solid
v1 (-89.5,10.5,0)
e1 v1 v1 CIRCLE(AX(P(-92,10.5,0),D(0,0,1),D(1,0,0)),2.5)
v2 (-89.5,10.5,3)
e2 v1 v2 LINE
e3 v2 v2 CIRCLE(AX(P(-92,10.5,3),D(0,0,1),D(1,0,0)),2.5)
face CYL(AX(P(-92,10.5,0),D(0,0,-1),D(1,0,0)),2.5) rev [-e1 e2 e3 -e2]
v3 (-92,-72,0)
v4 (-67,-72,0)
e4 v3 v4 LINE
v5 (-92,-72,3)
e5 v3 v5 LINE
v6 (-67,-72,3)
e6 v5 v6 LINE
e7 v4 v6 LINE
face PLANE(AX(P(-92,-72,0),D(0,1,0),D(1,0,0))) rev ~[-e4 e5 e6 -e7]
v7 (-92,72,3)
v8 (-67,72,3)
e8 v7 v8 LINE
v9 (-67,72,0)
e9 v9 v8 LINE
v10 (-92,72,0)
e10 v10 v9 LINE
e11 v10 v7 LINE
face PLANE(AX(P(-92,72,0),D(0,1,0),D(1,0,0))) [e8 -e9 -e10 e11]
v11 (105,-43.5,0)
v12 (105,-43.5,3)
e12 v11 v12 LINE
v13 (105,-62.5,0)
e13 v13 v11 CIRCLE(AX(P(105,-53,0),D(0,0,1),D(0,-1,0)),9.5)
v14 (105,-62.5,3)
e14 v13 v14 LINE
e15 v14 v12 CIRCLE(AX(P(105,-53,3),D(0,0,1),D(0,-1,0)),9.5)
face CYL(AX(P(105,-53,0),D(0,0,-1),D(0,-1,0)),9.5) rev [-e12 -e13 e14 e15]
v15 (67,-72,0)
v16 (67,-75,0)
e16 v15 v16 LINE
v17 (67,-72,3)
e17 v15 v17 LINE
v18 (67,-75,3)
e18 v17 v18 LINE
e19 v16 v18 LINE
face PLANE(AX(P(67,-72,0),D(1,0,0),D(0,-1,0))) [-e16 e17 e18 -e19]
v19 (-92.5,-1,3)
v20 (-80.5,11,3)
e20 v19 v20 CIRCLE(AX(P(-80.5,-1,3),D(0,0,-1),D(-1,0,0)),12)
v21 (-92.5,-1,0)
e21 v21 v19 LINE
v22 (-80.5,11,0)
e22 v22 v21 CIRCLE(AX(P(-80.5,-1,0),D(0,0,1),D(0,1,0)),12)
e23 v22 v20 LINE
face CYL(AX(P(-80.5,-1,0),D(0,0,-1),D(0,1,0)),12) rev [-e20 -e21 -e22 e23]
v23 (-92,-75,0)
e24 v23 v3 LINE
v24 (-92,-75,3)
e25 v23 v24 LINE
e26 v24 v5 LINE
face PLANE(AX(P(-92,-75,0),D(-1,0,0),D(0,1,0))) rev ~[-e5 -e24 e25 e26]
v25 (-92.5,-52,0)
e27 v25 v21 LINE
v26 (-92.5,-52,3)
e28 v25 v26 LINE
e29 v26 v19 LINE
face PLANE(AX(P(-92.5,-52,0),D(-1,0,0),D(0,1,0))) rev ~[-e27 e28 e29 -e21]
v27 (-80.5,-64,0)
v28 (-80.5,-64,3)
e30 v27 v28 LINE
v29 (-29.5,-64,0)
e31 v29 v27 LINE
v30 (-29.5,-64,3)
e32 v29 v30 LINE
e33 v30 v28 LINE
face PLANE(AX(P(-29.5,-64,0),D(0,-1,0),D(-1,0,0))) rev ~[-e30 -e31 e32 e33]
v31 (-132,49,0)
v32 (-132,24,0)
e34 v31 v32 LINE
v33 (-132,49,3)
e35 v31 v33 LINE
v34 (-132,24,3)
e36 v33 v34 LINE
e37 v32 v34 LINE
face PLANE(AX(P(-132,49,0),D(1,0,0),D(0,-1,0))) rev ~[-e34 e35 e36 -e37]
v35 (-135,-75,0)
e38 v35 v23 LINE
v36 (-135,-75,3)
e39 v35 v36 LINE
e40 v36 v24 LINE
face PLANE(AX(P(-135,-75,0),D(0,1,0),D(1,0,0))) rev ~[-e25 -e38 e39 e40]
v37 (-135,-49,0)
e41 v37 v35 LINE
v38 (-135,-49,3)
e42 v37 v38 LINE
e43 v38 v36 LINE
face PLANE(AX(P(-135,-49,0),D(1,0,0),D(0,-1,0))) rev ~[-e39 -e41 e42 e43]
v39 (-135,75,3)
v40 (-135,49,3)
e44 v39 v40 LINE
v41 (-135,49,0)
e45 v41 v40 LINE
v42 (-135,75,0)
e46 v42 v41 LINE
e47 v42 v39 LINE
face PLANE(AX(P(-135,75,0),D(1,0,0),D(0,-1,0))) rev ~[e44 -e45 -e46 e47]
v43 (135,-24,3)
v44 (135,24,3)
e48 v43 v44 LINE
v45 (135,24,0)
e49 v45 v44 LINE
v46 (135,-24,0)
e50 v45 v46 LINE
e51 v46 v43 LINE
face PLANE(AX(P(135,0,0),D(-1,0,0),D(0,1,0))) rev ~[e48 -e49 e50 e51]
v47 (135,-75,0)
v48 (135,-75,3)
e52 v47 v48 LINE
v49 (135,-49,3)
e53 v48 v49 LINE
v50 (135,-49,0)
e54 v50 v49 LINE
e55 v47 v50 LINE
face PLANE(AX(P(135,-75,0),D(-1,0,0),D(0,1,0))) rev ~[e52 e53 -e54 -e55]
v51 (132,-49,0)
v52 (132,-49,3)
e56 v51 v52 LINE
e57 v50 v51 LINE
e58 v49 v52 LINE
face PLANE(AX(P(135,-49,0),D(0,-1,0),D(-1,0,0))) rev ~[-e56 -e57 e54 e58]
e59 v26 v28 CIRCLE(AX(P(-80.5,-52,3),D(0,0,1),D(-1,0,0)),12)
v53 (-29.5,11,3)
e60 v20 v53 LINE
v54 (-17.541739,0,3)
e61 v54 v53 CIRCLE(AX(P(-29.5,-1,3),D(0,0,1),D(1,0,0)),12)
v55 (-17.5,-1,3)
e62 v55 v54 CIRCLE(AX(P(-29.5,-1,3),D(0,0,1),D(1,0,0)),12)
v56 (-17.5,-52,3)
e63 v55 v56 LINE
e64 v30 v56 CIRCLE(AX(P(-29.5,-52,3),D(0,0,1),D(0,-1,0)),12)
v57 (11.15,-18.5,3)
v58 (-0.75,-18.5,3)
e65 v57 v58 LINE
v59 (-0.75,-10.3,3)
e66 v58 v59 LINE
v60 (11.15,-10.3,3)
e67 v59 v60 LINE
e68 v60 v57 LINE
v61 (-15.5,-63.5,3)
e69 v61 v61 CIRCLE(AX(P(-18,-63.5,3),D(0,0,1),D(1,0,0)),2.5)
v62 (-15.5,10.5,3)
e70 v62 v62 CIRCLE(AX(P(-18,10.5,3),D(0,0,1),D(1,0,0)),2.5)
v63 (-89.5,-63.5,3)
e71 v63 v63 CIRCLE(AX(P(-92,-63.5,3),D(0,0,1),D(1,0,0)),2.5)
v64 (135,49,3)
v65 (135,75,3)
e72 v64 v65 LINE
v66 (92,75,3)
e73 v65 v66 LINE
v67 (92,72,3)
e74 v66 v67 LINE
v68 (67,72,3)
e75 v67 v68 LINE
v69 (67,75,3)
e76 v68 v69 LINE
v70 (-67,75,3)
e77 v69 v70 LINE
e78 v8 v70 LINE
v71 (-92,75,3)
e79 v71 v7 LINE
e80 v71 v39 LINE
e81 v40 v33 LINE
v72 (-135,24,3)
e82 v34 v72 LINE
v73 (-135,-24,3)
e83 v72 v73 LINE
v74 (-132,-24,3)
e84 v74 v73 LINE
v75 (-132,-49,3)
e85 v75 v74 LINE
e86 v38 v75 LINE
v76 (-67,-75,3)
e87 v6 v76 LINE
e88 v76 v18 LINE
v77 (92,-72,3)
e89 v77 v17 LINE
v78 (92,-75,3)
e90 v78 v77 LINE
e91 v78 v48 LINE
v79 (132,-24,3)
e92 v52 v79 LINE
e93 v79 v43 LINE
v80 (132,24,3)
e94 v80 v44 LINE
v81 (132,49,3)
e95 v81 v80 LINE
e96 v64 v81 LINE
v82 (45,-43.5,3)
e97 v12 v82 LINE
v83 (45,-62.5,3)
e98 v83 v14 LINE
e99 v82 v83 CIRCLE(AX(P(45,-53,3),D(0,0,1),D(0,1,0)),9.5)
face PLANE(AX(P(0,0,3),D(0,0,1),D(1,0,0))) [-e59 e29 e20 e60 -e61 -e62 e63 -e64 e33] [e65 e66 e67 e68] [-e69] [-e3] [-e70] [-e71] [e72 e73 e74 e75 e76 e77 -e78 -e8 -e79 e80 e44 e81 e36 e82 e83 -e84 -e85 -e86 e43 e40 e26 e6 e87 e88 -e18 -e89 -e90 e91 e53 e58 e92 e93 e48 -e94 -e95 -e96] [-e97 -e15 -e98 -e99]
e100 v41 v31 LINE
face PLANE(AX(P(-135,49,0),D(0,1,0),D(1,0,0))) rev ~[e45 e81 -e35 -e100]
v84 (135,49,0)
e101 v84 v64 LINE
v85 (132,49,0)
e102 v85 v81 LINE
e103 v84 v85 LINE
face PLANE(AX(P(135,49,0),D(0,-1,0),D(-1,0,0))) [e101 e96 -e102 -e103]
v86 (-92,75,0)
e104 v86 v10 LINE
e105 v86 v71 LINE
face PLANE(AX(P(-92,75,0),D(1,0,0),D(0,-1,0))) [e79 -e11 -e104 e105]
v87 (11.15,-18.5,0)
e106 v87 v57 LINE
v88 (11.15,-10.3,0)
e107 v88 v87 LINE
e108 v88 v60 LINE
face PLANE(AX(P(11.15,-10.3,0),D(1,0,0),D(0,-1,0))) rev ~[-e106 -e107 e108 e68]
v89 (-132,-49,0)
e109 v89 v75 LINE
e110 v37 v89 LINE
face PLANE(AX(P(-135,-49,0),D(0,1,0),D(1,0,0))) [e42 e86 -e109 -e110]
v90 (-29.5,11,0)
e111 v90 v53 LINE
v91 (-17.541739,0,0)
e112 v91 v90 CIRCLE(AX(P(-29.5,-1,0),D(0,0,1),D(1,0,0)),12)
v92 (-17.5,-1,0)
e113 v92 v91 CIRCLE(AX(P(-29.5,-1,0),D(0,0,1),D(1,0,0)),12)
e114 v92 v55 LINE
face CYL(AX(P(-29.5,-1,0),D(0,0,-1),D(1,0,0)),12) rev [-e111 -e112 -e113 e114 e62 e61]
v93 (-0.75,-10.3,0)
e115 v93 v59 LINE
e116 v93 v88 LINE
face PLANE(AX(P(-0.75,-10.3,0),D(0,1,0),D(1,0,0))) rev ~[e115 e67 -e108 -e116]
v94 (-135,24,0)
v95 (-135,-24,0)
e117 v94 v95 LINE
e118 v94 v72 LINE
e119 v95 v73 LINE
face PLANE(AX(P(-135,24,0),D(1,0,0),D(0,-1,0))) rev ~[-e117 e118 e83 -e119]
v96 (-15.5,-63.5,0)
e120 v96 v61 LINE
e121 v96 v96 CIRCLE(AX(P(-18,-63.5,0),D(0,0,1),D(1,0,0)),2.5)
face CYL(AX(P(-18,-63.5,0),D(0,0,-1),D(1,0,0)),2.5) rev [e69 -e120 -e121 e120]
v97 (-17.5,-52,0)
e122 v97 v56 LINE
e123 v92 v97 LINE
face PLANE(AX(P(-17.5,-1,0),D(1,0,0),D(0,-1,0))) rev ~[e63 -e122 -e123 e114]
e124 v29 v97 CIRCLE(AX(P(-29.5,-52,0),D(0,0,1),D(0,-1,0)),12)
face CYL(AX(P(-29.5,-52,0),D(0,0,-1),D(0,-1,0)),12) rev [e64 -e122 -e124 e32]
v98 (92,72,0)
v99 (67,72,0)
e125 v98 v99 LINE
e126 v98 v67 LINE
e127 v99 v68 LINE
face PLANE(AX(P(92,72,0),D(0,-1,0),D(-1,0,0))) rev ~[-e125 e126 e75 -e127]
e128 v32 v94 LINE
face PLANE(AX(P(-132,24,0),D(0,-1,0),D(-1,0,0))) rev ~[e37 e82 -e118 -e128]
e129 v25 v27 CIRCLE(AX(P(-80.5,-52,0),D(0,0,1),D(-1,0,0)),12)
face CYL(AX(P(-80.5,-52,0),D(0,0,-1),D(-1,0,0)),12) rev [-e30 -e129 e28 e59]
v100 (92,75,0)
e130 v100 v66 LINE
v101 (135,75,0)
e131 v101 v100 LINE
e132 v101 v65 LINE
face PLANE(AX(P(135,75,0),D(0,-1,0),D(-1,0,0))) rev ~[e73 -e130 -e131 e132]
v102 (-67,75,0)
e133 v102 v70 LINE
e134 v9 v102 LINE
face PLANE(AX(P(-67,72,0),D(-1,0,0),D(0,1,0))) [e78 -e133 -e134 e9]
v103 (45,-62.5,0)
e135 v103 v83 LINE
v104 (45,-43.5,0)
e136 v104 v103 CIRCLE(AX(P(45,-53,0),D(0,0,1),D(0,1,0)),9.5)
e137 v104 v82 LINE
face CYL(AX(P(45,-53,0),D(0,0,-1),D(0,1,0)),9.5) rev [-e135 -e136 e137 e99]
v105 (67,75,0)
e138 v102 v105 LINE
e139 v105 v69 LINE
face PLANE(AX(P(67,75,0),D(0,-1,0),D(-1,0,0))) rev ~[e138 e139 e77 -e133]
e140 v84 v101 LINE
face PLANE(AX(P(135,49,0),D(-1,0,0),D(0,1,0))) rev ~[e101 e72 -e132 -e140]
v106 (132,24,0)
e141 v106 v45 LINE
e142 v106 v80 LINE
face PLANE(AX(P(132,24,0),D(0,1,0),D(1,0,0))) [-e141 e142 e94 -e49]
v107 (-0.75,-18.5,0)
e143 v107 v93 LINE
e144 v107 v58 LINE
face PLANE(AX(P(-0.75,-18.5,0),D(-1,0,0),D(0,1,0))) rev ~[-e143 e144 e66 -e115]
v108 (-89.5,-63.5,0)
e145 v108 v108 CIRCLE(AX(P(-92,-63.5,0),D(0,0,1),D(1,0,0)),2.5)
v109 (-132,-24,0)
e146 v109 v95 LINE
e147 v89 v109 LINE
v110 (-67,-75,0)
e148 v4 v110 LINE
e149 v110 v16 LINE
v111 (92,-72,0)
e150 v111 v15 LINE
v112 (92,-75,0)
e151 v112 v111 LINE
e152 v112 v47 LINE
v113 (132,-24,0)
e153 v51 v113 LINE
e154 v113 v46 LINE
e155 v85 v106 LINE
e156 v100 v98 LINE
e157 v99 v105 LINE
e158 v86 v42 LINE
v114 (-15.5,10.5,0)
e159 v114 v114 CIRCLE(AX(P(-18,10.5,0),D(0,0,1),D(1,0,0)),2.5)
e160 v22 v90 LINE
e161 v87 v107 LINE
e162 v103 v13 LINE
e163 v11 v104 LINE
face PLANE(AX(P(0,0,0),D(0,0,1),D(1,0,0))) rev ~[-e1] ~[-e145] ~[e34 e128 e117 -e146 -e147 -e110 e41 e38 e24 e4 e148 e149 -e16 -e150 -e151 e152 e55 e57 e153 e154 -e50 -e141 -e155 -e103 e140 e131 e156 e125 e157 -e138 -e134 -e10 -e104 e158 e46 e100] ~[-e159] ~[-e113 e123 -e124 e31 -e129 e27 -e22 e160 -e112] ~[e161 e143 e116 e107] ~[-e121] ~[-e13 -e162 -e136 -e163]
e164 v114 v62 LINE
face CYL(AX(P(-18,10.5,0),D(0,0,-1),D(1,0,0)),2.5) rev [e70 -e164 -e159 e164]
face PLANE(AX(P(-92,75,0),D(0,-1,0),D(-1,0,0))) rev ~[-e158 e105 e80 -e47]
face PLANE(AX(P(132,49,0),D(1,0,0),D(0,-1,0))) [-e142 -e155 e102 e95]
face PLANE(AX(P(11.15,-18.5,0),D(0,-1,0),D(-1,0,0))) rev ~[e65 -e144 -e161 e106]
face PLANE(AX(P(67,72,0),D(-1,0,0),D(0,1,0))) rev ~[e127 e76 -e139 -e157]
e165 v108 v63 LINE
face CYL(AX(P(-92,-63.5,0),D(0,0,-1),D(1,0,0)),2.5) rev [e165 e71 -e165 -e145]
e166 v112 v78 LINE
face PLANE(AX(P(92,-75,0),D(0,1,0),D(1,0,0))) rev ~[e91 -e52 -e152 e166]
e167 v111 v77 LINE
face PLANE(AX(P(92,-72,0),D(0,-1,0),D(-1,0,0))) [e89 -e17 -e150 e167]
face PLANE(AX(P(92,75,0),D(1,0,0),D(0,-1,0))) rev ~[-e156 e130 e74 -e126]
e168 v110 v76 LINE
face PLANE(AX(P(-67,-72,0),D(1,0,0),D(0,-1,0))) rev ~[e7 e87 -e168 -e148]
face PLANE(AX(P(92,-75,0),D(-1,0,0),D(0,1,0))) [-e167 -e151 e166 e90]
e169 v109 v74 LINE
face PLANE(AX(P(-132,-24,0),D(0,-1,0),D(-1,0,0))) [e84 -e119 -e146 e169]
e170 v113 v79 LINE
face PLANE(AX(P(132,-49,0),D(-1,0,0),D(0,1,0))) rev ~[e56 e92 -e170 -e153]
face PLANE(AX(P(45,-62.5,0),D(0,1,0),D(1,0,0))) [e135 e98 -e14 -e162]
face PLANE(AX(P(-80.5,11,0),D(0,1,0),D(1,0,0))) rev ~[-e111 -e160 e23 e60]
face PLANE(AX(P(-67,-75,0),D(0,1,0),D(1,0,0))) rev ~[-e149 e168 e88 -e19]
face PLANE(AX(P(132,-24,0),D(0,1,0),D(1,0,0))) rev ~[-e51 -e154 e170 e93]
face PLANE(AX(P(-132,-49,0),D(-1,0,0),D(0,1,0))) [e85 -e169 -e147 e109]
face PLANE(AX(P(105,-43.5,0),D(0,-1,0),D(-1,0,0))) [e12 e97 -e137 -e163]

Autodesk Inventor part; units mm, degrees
ref_plane "YZ Plane" through (0, 0, 0) normal (1, 0, 0) x (0, 1, 0)
ref_plane "XZ Plane" through (0, 0, 0) normal (0, 1, 0) x (-1, 0, 0)
ref_plane "XY Plane" through (0, 0, 0) normal (0, 0, 1) x (1, 0, 0)
sketch "Sketch1" plane through (0, 0, 0) normal (0, 0, 1) x (1, 0, 0)
  line L0 (135, 75) -> (-135, 75)
  line L1 (-135, -75) -> (135, 75) construction
  line L2 (135, -75) -> (-135, 75) construction
  line L3 (-80.5, 11) -> (-29.5, 11)
  line L4 (-17.5, -1) -> (-17.5, -52)
  line L5 (-29.5, -64) -> (-80.5, -64)
  line L6 (-92.5, -52) -> (-92.5, -1)
  line L7 (-92.5, 11) -> (-17.5, -64) construction
  line L8 (-17.5, 11) -> (-92.5, -64) construction
  line L9 (45, -53) -> (105, -53) construction
  line L10 (45, -62.5) -> (105, -62.5)
  line L11 (105, -43.5) -> (45, -43.5)
  arc A0 (45, -43.5) -> (45, -62.5) centre (45, -53) ccw
  arc A1 (105, -62.5) -> (105, -43.5) centre (105, -53) ccw
  line L12 (135, -49) -> (132, -49)
  line L13 (132, -49) -> (132, -24)
  line L14 (132, -24) -> (135, -24)
  line L15 (0, 0) -> (156, 0) construction
  line L16 (135, 49) -> (132, 49)
  line L17 (132, 49) -> (132, 24)
  line L18 (132, 24) -> (135, 24)
  line L19 (135, 49) -> (135, 75)
  line L20 (135, -75) -> (135, -49)
  line L21 (135, -24) -> (135, 24)
  line L22 (-135, 49) -> (-132, 49)
  line L23 (-132, 49) -> (-132, 24)
  line L24 (-132, 24) -> (-135, 24)
  line L25 (0, 0) -> (-98, 0)
  line L26 (-135, 75) -> (-135, 49)
  line L27 (-135, -49) -> (-132, -49)
  line L28 (-132, -49) -> (-132, -24)
  line L29 (-132, -24) -> (-135, -24)
  line L30 (-135, 24) -> (-135, -24)
  line L31 (-135, -49) -> (-135, -75)
  line L32 (-92, -75) -> (-92, -72)
  line L33 (-92, -72) -> (-67, -72)
  line L34 (-67, -72) -> (-67, -75)
  line L35 (-135, -75) -> (-92, -75)
  line L36 (0, 0) -> (0, 97)
  line L37 (92, -75) -> (92, -72)
  line L38 (92, -72) -> (67, -72)
  line L39 (67, -72) -> (67, -75)
  line L40 (-67, -75) -> (67, -75)
  line L41 (92, -75) -> (135, -75)
  line L42 (-95, 13.5) -> (-15, 13.5) construction
  line L43 (-15, 13.5) -> (-15, -66.5) construction
  line L44 (-15, -66.5) -> (-95, -66.5) construction
  line L45 (-95, -66.5) -> (-95, 13.5) construction
  line L46 (-95, 13.5) -> (-15, -66.5) construction
  line L47 (-15, 13.5) -> (-95, -66.5) construction
  circle A2 centre (-92, 10.5) radius 2.5
  arc A3 (-80.5, 11) -> (-92.5, -1) centre (-80.5, -1) ccw
  arc A4 (-17.5, -1) -> (-29.5, 11) centre (-29.5, -1) ccw
  arc A5 (-29.5, -64) -> (-17.5, -52) centre (-29.5, -52) ccw
  arc A6 (-92.5, -52) -> (-80.5, -64) centre (-80.5, -52) ccw
  circle A7 centre (-18, 10.5) radius 2.5
  circle A8 centre (-92, -63.5) radius 2.5
  circle A9 centre (-18, -63.5) radius 2.5
  line L48 (-0.75, -10.3) -> (11.15, -10.3)
  line L49 (11.15, -10.3) -> (11.15, -18.5)
  line L50 (11.15, -18.5) -> (-0.75, -18.5)
  line L51 (-0.75, -18.5) -> (-0.75, -10.3)
  line L52 (-0.75, -10.3) -> (11.15, -18.5) construction
  line L53 (11.15, -10.3) -> (-0.75, -18.5) construction
  line L54 (0, 0) -> (187, 0)
  line L55 (-92, 75) -> (-92, 72)
  line L56 (-92, 72) -> (-67, 72)
  line L57 (-67, 72) -> (-67, 75)
  line L58 (92, 75) -> (92, 72)
  line L59 (92, 72) -> (67, 72)
  line L60 (67, 72) -> (67, 75)
  point P0 (-55, -26.5)
  point P1 (25, -75)
  point P2 (75, -53)
  point P3 (5.2, -14.4)
  dimension "d0" = 150
  dimension "d1" = 270
  dimension "d2" = 75
  dimension "d3" = 75
  dimension "d4" = 55
  dimension "d5" = 11
  dimension "d6" = 22
  dimension "d7" = 210
  dimension "d8" = 9.5
  dimension "d9" = 20
  dimension "d12" = 26
  dimension "d13" = 3
  dimension "d14" = 25
  dimension "d15" = 0
  dimension "d16" = 21
  dimension "d17" = 3
  dimension "d18" = 25
  dimension "d19" = 26
  dimension "d20" = 270
  dimension "d21" = 233
  dimension "d22" = 25
  dimension "d23" = 3
  dimension "d24" = 43
  dimension "d25" = 30
  dimension "d26" = 124
  dimension "d27" = 48
  dimension "d28" = 80
  dimension "d29" = 5
  dimension "d30" = 3
  dimension "d31" = 12
  dimension "d32" = 12
  dimension "d33" = 12
  dimension "d34" = 5
  dimension "d35" = 3
  dimension "d36" = 3
  dimension "d37" = 5
  dimension "d38" = 3
  dimension "d39" = 3
  dimension "d40" = 5
  dimension "d41" = 3
  dimension "d42" = 11.9
  dimension "d43" = 8.2
  dimension "d44" = 14.4
  dimension "d45" = 5.2
extrude "Extrusion1" add sketch "Sketch1" along normal blind 3 contours L19 L16 L17 L18 L21 L54 L36 L0 L60 L59 L58 | L36 L54 L21 L14 L13 L12 L20 L41 L37 L38 L39 L40 L34 L33 L32 L35 L31 L27 L28 L29 L30 L24 L23 L22 L26 L0 L55 L56 L57
properties part number "side_part"
